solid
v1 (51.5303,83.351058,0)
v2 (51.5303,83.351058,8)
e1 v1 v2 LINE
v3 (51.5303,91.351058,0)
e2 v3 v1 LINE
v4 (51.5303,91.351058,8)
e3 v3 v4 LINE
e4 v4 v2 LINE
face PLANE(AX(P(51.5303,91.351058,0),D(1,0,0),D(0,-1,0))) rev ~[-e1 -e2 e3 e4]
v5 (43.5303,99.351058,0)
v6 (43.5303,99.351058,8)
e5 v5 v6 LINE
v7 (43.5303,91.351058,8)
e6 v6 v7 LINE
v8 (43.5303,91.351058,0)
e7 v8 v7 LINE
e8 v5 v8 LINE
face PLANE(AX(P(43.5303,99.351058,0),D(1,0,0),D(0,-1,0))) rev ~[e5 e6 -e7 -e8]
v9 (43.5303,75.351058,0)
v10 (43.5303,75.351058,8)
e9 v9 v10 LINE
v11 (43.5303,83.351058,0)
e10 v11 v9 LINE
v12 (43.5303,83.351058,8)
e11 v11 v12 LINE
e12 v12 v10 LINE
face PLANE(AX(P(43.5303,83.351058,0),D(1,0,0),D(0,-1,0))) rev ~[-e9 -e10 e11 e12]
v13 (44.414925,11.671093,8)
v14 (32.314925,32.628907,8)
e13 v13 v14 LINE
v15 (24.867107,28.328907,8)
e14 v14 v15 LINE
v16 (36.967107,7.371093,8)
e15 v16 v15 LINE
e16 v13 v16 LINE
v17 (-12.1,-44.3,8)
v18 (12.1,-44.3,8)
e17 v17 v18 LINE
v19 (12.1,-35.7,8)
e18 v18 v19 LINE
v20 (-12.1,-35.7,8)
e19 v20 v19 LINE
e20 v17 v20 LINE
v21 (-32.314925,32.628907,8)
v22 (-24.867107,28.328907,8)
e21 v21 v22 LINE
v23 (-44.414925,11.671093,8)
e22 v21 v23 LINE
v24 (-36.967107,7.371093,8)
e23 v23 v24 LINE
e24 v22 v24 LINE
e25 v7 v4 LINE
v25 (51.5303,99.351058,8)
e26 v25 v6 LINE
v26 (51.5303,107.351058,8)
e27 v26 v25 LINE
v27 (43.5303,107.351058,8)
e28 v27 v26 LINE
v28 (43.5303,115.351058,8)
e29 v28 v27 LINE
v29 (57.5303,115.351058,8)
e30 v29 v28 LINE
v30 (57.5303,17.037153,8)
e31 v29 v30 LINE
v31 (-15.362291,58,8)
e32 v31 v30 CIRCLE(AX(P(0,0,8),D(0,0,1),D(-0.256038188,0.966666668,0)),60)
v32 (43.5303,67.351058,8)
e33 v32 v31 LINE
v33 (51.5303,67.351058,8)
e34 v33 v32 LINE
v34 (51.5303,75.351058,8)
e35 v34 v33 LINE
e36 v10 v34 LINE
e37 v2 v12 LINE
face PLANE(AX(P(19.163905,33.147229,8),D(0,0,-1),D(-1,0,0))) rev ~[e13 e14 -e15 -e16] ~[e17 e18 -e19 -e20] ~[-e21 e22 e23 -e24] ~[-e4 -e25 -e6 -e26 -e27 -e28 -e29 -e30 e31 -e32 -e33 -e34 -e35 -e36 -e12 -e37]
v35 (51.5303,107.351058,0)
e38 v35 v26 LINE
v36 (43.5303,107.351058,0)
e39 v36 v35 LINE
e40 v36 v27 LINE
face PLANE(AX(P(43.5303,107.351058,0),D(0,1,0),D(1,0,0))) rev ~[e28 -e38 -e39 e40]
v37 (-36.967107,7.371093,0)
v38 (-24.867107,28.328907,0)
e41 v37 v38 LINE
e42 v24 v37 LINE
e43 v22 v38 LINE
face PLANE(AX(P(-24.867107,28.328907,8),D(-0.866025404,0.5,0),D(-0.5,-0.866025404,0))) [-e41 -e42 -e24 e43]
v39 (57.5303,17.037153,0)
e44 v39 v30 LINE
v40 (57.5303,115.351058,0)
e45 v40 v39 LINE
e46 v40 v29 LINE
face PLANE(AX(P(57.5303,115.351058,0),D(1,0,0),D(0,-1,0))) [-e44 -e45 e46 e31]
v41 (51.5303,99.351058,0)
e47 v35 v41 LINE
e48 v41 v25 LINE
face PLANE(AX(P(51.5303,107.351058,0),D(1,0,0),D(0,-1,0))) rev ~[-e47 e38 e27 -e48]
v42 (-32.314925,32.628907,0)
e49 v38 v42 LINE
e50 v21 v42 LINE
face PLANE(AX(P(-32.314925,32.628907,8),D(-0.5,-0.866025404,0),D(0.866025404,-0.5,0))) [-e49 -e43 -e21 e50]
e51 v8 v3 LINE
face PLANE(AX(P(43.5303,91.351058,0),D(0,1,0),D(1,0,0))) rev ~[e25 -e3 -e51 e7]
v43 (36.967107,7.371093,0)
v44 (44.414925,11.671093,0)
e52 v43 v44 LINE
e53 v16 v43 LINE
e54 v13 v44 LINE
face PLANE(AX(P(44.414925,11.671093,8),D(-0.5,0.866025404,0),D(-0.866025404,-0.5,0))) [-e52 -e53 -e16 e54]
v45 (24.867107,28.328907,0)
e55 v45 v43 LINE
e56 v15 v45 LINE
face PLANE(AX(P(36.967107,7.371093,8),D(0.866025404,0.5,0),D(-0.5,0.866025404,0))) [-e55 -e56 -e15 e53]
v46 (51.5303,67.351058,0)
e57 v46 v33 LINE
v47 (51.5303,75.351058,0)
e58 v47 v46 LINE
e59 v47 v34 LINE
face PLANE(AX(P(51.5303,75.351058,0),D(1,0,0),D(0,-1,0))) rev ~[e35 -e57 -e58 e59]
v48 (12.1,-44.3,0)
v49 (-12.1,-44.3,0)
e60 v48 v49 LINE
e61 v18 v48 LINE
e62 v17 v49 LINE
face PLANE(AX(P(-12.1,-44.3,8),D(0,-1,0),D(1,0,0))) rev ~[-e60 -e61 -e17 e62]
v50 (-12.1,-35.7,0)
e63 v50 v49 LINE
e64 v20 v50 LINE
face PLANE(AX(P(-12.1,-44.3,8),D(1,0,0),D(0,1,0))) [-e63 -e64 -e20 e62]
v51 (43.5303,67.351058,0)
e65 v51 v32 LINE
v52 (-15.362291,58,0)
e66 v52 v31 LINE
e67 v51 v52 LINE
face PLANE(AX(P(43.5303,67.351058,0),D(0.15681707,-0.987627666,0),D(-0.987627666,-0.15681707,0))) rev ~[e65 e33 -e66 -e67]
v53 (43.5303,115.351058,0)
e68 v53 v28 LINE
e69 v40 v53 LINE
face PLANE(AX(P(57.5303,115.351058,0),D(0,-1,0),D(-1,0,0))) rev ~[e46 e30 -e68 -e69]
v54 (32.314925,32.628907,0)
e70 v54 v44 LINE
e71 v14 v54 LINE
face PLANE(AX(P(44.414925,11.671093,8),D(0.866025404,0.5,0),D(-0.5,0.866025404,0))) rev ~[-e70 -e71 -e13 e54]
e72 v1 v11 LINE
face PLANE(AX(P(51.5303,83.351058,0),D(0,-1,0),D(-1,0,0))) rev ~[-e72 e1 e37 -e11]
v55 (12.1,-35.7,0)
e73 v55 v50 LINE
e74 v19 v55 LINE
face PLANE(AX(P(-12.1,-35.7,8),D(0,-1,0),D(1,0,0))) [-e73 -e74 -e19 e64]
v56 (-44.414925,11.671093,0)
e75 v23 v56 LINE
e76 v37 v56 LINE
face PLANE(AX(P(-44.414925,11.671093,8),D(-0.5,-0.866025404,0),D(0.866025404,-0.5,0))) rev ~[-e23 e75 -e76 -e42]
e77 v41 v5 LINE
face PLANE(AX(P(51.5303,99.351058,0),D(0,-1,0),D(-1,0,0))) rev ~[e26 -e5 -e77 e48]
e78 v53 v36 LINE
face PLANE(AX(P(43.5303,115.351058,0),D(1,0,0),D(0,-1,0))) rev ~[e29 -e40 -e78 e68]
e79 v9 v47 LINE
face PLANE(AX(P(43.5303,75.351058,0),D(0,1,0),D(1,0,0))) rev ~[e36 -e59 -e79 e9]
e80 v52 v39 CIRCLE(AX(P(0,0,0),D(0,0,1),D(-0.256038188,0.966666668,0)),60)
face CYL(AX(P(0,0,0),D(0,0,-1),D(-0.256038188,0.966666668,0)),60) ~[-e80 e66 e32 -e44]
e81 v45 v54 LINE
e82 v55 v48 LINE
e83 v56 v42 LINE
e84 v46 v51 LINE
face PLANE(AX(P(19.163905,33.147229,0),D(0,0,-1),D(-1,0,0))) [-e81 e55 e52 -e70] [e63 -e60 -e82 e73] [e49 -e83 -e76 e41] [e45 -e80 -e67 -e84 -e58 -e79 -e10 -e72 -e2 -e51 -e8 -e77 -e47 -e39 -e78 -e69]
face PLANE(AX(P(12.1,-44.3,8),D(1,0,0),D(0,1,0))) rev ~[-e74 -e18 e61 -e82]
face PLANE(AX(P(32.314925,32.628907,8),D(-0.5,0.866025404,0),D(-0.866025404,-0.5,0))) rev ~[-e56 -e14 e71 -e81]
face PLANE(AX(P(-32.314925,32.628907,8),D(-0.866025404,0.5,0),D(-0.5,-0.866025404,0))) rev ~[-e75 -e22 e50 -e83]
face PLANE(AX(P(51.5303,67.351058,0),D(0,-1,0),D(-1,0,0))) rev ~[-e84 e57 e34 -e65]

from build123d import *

# Parameters (mm, degrees)
PAD_DEPTH          = 8
SKETCH001_W        = 24.2
SKETCH001_H        = 8.6
POCKET_DEPTH       = 433.263242
POLARPATTERN_COUNT = 3


with BuildPart() as part:
    # Sketch → Pad (new body)
    with BuildSketch(Plane.XY):
        with BuildLine():
            Line((51.5303, 115.351058), (57.5303, 115.351058))
            Line((57.5303, 115.351058), (57.5303, 17.037153))
            ThreePointArc((-15.362291, 58), (-29.394284, -52.306558), (57.5303, 17.037153))
            Line((43.5303, 67.351058), (-15.362291, 58))
            Line((51.5303, 67.351058), (43.5303, 67.351058))
            Line((51.5303, 75.351058), (51.5303, 67.351058))
            Line((43.5303, 75.351058), (51.5303, 75.351058))
            Line((43.5303, 83.351058), (43.5303, 75.351058))
            Line((51.5303, 83.351058), (43.5303, 83.351058))
            Line((51.5303, 91.351058), (51.5303, 83.351058))
            Line((43.5303, 91.351058), (51.5303, 91.351058))
            Line((43.5303, 99.351058), (43.5303, 91.351058))
            Line((51.5303, 99.351058), (43.5303, 99.351058))
            Line((51.5303, 107.351058), (51.5303, 99.351058))
            Line((43.5303, 107.351058), (51.5303, 107.351058))
            Line((43.5303, 115.351058), (43.5303, 107.351058))
            Line((51.5303, 115.351058), (43.5303, 115.351058))
        make_face()
    extrude(amount=PAD_DEPTH)

    # Sketch001 → Pocket (cut, through all)
    with BuildSketch(Plane.XY.offset(8)):
        with Locations((0, -40)):
            Rectangle(SKETCH001_W, SKETCH001_H)
    pocket = extrude(amount=-POCKET_DEPTH, mode=Mode.SUBTRACT)

    # PolarPattern: Pocket ×3 about axis
    polarpattern_axis = Axis((0, 0, 8), (0, 0, 1))
    for i in range(1, POLARPATTERN_COUNT):
        add(pocket.rotate(polarpattern_axis, i * 360 / POLARPATTERN_COUNT), mode=Mode.SUBTRACT)


solid = part.part
